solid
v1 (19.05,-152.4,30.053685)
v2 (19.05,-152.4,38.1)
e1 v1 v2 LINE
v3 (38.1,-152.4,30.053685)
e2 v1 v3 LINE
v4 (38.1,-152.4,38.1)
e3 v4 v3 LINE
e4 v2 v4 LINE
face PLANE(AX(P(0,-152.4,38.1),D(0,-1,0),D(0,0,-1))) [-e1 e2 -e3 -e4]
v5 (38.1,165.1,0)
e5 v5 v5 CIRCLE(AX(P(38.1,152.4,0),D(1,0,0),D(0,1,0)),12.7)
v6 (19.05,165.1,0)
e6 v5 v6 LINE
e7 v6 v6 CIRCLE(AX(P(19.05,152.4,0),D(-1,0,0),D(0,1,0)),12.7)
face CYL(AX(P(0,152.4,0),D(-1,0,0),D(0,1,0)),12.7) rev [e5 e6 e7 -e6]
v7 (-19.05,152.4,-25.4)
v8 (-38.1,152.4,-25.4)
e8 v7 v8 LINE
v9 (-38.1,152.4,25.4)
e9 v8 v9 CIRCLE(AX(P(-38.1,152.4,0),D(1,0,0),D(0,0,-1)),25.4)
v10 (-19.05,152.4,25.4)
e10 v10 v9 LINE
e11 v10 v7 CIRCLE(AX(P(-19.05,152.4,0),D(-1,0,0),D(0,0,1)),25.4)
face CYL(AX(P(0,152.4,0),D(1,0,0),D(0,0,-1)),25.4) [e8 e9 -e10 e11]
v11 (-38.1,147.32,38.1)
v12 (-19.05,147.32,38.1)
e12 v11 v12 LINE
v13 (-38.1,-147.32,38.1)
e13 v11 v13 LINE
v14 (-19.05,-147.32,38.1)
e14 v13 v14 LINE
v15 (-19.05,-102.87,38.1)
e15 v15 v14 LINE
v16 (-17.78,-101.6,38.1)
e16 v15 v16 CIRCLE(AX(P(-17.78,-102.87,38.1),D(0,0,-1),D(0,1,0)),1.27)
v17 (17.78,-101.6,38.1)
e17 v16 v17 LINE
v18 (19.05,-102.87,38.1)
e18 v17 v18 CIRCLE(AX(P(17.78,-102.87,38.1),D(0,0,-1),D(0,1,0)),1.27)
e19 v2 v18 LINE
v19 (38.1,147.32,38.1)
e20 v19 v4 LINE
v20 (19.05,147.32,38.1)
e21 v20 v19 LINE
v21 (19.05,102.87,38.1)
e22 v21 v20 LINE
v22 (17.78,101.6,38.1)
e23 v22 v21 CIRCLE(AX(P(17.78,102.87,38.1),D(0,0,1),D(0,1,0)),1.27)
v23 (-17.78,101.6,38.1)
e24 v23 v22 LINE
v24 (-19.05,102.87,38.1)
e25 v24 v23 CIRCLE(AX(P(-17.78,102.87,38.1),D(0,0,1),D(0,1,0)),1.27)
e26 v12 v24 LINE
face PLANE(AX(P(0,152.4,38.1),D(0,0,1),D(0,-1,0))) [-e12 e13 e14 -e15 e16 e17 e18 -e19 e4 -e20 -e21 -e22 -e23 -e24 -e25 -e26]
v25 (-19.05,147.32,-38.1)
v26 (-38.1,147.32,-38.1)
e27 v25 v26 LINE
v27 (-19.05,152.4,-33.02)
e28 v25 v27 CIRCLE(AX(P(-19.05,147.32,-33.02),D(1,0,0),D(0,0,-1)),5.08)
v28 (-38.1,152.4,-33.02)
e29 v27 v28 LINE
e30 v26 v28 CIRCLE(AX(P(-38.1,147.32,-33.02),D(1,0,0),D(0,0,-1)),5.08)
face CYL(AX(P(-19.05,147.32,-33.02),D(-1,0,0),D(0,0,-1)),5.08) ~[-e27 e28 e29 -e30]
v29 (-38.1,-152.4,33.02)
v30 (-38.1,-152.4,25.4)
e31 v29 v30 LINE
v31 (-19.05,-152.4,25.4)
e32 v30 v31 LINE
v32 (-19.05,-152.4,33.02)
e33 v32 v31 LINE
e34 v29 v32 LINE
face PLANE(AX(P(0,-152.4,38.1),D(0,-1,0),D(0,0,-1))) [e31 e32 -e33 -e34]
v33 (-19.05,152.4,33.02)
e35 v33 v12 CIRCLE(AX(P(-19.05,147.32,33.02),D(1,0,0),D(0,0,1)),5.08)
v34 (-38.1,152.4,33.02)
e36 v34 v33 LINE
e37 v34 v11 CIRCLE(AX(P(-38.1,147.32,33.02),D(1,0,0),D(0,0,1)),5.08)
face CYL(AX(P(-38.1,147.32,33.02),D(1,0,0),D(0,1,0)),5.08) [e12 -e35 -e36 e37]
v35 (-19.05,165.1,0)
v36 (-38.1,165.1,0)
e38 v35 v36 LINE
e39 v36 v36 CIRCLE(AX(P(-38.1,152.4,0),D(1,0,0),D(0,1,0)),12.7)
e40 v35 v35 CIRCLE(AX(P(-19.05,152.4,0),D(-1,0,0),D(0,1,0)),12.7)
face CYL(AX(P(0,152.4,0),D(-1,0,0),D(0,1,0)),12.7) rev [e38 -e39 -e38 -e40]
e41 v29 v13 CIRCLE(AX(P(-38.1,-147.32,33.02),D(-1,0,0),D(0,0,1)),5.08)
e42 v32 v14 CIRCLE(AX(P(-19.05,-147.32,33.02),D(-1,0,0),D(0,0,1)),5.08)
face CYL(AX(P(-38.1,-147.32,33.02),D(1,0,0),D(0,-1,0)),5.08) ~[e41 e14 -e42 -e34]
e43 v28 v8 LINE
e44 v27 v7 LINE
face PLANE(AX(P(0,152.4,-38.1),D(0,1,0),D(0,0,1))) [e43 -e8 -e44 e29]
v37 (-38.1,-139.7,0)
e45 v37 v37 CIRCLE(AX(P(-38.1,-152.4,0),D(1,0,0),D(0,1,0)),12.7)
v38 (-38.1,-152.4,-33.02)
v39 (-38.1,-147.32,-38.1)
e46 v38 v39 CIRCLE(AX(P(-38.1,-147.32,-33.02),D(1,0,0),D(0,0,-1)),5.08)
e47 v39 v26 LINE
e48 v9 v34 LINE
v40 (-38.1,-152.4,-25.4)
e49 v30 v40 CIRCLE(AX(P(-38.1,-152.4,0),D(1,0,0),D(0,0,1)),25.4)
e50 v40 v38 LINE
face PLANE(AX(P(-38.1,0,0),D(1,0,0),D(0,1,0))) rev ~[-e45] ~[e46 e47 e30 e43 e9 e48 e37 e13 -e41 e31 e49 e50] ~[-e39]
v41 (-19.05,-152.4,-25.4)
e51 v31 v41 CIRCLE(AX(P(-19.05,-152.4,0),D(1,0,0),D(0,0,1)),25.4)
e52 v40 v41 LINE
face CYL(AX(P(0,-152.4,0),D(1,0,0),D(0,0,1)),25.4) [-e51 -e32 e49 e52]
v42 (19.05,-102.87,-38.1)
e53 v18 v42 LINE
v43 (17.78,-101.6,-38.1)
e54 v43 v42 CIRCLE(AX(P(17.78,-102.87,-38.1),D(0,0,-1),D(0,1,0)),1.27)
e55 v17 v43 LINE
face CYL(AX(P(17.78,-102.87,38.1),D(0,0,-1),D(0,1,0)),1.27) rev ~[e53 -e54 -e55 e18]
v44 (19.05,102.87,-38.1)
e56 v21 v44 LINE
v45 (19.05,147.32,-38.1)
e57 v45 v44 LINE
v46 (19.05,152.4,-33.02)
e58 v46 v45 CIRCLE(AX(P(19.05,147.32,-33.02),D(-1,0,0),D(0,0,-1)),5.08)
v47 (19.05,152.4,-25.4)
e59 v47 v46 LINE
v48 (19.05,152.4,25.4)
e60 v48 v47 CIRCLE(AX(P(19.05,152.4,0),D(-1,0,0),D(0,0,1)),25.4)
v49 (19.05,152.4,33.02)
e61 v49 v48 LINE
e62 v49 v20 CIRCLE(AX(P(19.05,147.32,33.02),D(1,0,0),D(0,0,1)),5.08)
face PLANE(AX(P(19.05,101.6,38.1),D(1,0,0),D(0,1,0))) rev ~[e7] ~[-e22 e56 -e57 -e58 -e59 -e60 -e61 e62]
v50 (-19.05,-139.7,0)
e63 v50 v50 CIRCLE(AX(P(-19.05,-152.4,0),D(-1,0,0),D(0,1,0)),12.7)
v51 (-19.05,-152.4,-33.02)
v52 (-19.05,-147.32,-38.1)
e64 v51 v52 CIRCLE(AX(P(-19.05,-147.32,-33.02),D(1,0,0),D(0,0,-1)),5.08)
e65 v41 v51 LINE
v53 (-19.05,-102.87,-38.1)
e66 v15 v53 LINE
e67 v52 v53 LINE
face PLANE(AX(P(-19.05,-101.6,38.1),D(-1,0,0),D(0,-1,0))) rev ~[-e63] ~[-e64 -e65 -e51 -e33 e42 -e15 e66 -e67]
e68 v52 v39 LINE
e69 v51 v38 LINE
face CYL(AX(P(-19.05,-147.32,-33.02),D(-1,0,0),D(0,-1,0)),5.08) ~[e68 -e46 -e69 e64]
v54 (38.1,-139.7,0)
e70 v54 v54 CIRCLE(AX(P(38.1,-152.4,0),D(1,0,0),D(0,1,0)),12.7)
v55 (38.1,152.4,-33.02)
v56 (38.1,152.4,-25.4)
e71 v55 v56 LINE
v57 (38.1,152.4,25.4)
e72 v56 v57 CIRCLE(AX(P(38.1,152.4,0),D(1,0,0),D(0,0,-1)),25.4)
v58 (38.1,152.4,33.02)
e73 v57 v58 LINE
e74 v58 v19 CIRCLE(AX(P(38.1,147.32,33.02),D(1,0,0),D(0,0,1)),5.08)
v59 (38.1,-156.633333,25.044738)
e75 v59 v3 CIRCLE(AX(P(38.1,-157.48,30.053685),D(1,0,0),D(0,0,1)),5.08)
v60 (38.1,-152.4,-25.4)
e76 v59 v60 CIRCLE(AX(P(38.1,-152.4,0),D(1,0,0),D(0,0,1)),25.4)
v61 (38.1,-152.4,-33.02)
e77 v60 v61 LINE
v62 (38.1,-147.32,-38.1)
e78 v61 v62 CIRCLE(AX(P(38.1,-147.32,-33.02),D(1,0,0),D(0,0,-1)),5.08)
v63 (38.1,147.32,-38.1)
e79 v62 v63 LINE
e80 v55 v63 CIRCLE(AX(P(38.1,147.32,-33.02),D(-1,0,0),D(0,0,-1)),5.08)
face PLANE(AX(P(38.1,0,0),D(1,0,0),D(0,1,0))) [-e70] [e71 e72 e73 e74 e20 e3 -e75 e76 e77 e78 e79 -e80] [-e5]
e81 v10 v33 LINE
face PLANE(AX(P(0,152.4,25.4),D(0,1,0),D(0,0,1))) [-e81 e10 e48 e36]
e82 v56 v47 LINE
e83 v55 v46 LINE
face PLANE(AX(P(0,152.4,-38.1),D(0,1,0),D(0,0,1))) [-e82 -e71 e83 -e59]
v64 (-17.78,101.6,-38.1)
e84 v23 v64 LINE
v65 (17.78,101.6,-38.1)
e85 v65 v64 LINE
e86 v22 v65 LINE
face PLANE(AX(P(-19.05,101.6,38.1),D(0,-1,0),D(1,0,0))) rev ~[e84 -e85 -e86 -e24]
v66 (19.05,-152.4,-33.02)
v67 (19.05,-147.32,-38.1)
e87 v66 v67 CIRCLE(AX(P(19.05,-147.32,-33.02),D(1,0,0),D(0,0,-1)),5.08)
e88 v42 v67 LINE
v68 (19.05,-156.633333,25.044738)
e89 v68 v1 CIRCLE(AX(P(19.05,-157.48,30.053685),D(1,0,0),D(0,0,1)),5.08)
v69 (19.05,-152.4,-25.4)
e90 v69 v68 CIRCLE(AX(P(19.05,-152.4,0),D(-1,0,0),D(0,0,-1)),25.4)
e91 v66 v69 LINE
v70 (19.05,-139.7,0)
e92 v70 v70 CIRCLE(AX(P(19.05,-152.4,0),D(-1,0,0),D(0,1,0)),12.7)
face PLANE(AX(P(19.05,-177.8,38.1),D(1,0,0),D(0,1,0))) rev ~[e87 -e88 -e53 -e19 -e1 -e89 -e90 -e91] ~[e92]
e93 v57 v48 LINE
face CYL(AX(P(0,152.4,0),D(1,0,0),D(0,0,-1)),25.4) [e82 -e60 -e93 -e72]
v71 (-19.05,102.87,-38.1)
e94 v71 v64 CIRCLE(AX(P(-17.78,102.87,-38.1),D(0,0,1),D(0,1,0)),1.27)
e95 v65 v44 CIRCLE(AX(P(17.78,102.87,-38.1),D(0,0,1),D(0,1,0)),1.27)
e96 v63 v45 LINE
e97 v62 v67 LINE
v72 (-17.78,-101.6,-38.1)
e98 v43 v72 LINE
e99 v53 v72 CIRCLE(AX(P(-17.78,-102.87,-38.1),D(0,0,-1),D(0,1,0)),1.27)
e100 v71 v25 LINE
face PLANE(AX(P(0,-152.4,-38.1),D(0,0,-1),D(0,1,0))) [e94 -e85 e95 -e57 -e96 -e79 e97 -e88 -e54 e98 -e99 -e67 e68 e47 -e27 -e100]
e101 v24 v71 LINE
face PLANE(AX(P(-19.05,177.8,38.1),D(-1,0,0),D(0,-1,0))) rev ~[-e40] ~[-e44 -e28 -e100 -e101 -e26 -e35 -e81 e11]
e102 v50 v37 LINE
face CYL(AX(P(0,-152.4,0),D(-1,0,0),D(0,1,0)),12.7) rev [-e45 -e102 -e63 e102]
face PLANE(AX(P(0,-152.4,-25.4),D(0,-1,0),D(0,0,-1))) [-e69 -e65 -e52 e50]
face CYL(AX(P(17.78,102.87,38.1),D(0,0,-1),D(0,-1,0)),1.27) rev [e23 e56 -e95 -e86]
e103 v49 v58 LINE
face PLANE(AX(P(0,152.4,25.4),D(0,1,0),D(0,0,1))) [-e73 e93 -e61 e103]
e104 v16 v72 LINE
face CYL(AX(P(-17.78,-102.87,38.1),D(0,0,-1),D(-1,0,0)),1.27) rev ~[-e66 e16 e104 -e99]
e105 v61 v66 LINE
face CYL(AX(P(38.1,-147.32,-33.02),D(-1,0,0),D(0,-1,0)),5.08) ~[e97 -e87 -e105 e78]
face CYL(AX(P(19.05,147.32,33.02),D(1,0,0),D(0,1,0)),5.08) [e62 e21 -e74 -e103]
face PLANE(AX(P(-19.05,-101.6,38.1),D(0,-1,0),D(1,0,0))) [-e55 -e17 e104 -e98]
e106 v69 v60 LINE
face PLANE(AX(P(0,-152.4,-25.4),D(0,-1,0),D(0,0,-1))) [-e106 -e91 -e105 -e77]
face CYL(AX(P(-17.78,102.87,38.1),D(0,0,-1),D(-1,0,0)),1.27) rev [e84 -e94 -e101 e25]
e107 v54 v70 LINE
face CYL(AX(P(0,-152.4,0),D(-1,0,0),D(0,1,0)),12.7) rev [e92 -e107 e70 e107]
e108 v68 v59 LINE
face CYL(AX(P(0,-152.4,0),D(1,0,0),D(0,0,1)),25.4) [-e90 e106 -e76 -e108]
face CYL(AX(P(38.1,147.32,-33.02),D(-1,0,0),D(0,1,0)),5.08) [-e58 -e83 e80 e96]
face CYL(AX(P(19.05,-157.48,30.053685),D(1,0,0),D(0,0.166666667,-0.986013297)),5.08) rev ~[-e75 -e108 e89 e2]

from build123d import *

# Parameters (mm, degrees)
F0_R     = 12.7
F1_DEPTH = 38.1
F2_W     = 38.1
F2_H     = 25.4
F2_H_2   = 50.8
F3_DEPTH = 88.9
F4_R     = 5.08
F5_R     = 1.27


with BuildPart() as f1:
    # F0 (on Right) → F1 (new body, symmetric)
    with BuildSketch(Plane.YZ):
        with BuildLine():
            Line((152.4, 25.4), (152.4, 38.1))
            Line((152.4, 38.1), (-152.4, 38.1))
            Line((-152.4, 38.1), (-152.4, 25.4))
            ThreePointArc((-152.4, 25.4), (-177.8, 0), (-152.4, -25.4))
            Line((-152.4, -25.4), (-152.4, -38.1))
            Line((-152.4, -38.1), (152.4, -38.1))
            Line((152.4, -38.1), (152.4, -25.4))
            ThreePointArc((152.4, -25.4), (177.8, 0), (152.4, 25.4))
        make_face()
        with Locations((-152.4, 0)):
            Circle(F0_R, mode=Mode.SUBTRACT)
        with Locations((152.4, 0)):
            Circle(F0_R, mode=Mode.SUBTRACT)
    extrude(amount=F1_DEPTH, both=True)

    # F2 (on face) → F3 (cut)
    with BuildSketch(Plane.XY.offset(38.1)):
        with Locations((0, 165.1)):
            Rectangle(F2_W, F2_H)
        with Locations((0, 127)):
            Rectangle(F2_W, F2_H_2)
        with Locations((0, -127)):
            Rectangle(F2_W, F2_H_2)
        with Locations((0, -165.1)):
            Rectangle(F2_W, F2_H)
    extrude(amount=-F3_DEPTH, mode=Mode.SUBTRACT)

    # F4
    f4_edges = [f1.edges().sort_by_distance(p)[0] for p in [
        (28.575, 152.4, -38.1),
        (-28.575, 152.4, -38.1),
        (-28.575, 152.4, 38.1),
        (28.575, 152.4, 38.1),
        (28.575, -152.4, -38.1),
        (-28.575, -152.4, -38.1),
        (28.575, -152.4, 25.4),
        (-28.575, -152.4, 38.1),
    ]]
    fillet(f4_edges, radius=F4_R)

    # F5
    f5_edges = [f1.edges().sort_by_distance(p)[0] for p in [
        (19.05, 101.6, 0),
        (-19.05, 101.6, 0),
        (19.05, -101.6, 0),
        (-19.05, -101.6, 0),
    ]]
    fillet(f5_edges, radius=F5_R)


solid = f1.part
